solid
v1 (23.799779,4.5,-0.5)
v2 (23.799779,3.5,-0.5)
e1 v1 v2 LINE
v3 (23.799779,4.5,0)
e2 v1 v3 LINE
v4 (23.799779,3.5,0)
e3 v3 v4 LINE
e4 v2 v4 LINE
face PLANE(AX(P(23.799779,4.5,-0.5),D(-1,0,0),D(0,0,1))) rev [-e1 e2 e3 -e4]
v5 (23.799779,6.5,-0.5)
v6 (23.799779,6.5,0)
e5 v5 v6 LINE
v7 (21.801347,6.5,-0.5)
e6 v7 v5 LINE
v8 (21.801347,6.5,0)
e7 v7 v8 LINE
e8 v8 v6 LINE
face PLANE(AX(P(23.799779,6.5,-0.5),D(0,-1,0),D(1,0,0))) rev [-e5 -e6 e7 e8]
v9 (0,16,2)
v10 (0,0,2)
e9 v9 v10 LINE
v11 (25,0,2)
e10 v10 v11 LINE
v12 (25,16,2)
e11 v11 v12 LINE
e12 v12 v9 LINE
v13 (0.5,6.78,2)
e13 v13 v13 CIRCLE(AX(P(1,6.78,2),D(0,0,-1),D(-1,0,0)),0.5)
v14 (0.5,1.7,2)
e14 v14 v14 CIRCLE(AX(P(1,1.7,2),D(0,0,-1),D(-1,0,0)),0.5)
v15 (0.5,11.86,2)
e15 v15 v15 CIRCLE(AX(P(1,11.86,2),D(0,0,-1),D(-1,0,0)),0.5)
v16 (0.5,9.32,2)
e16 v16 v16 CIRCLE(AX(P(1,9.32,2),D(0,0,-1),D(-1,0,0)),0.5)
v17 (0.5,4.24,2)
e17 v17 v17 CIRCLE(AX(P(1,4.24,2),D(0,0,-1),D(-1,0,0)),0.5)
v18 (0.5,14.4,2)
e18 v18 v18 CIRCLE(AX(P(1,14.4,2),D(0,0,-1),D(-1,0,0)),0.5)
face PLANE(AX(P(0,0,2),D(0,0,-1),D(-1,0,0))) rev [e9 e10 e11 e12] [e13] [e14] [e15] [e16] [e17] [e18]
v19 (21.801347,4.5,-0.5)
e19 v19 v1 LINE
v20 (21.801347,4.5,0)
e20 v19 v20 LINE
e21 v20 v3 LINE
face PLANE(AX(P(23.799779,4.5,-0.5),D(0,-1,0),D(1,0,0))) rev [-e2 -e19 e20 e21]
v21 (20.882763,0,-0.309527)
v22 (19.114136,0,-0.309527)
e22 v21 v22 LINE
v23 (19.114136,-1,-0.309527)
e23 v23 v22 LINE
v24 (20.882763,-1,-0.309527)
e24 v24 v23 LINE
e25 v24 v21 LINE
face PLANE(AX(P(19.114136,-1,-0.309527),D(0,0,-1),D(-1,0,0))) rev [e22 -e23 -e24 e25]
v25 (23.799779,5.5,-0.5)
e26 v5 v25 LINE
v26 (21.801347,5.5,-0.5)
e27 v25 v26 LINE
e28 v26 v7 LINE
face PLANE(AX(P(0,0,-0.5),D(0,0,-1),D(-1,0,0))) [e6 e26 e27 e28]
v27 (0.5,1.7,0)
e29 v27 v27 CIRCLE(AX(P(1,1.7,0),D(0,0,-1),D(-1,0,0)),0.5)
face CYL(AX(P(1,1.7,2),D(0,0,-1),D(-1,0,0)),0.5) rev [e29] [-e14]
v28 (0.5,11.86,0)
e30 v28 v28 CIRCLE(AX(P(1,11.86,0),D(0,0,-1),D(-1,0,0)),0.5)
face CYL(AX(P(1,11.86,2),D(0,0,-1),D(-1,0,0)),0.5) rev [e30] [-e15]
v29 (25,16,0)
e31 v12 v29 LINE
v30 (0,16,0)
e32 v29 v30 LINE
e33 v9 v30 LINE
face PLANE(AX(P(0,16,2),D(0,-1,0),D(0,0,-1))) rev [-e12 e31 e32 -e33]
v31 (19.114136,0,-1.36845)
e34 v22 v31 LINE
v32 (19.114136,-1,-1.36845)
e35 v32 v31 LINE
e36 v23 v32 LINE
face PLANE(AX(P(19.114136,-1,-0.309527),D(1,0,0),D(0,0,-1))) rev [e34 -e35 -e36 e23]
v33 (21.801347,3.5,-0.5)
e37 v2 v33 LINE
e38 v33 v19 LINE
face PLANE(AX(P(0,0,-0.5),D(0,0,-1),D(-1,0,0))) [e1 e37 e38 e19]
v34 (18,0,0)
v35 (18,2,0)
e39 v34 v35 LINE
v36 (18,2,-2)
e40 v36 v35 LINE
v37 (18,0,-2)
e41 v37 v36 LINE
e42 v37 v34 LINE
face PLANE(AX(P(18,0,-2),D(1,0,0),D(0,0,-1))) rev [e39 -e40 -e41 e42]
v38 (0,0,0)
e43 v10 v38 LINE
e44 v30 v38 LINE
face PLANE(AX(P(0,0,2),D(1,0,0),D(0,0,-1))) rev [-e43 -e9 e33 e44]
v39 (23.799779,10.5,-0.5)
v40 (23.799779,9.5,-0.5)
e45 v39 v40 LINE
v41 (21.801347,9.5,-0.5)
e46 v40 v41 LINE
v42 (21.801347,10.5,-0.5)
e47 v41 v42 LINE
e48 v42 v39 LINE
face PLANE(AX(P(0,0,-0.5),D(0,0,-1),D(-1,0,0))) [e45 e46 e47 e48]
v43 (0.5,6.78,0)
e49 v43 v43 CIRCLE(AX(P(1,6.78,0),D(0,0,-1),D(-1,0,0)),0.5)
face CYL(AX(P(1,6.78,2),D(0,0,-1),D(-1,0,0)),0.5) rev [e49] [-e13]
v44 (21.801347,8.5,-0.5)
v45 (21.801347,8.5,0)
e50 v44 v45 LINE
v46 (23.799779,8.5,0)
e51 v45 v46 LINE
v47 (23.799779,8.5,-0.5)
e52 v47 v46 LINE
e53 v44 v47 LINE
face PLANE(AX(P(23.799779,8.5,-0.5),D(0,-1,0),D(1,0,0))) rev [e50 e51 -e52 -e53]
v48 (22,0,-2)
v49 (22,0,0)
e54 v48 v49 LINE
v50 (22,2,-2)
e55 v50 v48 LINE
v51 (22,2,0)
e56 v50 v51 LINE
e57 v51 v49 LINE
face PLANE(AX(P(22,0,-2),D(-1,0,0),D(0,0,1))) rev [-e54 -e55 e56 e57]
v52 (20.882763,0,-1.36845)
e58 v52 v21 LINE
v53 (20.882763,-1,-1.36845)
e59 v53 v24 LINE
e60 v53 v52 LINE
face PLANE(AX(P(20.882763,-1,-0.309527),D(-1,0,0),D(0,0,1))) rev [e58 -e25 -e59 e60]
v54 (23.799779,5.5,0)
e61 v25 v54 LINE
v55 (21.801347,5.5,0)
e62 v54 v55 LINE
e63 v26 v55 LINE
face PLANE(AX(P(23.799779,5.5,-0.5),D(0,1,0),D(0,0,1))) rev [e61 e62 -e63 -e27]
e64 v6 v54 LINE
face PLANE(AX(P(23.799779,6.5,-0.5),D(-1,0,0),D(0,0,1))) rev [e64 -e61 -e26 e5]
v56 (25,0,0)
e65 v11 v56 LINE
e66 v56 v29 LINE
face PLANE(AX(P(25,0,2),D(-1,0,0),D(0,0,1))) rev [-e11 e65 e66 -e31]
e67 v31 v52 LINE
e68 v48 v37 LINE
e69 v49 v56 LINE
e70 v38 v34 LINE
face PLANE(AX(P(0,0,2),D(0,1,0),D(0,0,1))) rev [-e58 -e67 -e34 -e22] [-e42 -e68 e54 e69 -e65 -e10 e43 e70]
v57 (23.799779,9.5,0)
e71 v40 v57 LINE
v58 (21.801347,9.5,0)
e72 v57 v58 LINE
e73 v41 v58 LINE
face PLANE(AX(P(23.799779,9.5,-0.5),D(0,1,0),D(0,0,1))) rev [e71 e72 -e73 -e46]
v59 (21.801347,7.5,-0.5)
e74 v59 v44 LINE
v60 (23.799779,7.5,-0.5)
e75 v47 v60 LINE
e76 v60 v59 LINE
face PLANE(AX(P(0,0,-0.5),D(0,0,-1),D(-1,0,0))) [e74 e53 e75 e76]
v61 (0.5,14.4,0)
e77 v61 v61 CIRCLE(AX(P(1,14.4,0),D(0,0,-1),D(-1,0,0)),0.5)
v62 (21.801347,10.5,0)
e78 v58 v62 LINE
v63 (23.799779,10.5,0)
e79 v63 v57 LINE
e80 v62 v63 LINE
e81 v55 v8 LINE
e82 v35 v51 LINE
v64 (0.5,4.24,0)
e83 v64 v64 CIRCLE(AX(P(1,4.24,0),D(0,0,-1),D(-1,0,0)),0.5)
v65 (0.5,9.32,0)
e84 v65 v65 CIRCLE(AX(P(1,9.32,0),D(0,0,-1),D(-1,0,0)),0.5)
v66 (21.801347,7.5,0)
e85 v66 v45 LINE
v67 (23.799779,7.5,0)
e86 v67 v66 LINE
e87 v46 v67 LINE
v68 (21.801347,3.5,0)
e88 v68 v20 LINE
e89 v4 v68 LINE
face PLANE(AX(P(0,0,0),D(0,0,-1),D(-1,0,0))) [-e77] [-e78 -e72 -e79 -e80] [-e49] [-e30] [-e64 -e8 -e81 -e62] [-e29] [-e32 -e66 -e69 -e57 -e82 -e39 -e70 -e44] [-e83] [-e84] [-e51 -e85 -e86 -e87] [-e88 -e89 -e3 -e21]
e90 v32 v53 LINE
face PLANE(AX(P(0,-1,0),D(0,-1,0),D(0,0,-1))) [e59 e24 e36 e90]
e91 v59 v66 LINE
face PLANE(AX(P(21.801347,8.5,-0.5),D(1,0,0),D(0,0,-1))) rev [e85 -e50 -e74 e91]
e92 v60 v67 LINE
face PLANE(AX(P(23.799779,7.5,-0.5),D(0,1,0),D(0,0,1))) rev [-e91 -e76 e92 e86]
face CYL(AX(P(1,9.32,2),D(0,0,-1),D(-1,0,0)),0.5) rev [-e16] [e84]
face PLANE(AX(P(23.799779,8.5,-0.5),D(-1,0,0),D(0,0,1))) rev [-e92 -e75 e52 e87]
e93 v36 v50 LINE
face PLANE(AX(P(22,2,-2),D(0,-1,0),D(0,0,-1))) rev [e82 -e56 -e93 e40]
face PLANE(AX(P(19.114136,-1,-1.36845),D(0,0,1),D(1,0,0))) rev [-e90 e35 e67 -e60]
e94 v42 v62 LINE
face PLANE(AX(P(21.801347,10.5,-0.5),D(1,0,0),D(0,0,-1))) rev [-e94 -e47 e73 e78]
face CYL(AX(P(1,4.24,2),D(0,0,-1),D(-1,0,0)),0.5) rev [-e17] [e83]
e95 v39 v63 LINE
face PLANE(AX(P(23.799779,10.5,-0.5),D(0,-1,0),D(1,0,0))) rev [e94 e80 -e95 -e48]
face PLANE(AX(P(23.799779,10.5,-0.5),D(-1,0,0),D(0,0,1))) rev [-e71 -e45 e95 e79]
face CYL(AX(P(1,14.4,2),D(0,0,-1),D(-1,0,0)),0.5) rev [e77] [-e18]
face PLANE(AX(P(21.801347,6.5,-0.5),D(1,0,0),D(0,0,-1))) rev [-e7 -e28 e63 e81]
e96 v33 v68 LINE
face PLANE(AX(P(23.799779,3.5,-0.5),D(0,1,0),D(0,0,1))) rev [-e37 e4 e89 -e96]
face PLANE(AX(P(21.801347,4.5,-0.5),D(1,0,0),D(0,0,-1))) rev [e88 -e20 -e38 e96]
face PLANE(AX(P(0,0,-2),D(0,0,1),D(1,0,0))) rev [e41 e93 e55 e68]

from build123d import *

# Parameters (mm, degrees)
SKETCH_1_W          = 25
SKETCH_1_H          = 16
EXTRUDE_1_DEPTH     = 2
SKETCH_2_R          = 0.5
CUT_EXTRUDE_1_DEPTH = 3
SKETCH_3_W          = 1.998432602
SKETCH_3_H          = 1
EXTRUDE_2_DEPTH     = 0.5
SKETCH_4_W          = 4
SKETCH_4_H          = 2
EXTRUDE_3_DEPTH     = 2
SKETCH_5_W          = 1.76862678
SKETCH_5_H          = 1.058923041
EXTRUDE_4_DEPTH     = 1


with BuildPart() as part:
    # 草图1 → 凸台-拉伸1 (new body)
    with BuildSketch(Plane.XY):
        with Locations((12.5, 8)):
            Rectangle(SKETCH_1_W, SKETCH_1_H)
    extrude(amount=EXTRUDE_1_DEPTH)

    # 草图2 → 切除-拉伸1 (cut, through all)
    with BuildSketch(Plane(origin=(0, 0, 0), x_dir=(-1, 0, 0), z_dir=(0, 0, -1))):
        with Locations((-1, 14.4)):
            Circle(SKETCH_2_R)
        with Locations((-1, 11.86)):
            Circle(SKETCH_2_R)
        with Locations((-1, 9.32)):
            Circle(SKETCH_2_R)
        with Locations((-1, 6.78)):
            Circle(SKETCH_2_R)
        with Locations((-1, 4.24)):
            Circle(SKETCH_2_R)
        with Locations((-1, 1.7)):
            Circle(SKETCH_2_R)
    extrude(amount=-CUT_EXTRUDE_1_DEPTH, mode=Mode.SUBTRACT)

    # 草图3 → 凸台-拉伸2 (add)
    with BuildSketch(Plane(origin=(0, 0, 0), x_dir=(-1, 0, 0), z_dir=(0, 0, -1))):
        with Locations((-22.800563102, 10)):
            Rectangle(SKETCH_3_W, SKETCH_3_H)
        with Locations((-22.800563102, 8)):
            Rectangle(SKETCH_3_W, SKETCH_3_H)
        with Locations((-22.800563102, 6)):
            Rectangle(SKETCH_3_W, SKETCH_3_H)
        with Locations((-22.800563102, 4)):
            Rectangle(SKETCH_3_W, SKETCH_3_H)
    extrude(amount=EXTRUDE_2_DEPTH)

    # 草图4 → 凸台-拉伸3 (add)
    with BuildSketch(Plane(origin=(0, 0, 0), x_dir=(-1, 0, 0), z_dir=(0, 0, -1))):
        with Locations((-20, 1)):
            Rectangle(SKETCH_4_W, SKETCH_4_H)
    extrude(amount=EXTRUDE_3_DEPTH)

    # 草图5 → 凸台-拉伸4 (add)
    with BuildSketch(Plane.XZ):
        with Locations((19.9984492, -0.838988802)):
            Rectangle(SKETCH_5_W, SKETCH_5_H)
    extrude(amount=EXTRUDE_4_DEPTH)


solid = part.part
